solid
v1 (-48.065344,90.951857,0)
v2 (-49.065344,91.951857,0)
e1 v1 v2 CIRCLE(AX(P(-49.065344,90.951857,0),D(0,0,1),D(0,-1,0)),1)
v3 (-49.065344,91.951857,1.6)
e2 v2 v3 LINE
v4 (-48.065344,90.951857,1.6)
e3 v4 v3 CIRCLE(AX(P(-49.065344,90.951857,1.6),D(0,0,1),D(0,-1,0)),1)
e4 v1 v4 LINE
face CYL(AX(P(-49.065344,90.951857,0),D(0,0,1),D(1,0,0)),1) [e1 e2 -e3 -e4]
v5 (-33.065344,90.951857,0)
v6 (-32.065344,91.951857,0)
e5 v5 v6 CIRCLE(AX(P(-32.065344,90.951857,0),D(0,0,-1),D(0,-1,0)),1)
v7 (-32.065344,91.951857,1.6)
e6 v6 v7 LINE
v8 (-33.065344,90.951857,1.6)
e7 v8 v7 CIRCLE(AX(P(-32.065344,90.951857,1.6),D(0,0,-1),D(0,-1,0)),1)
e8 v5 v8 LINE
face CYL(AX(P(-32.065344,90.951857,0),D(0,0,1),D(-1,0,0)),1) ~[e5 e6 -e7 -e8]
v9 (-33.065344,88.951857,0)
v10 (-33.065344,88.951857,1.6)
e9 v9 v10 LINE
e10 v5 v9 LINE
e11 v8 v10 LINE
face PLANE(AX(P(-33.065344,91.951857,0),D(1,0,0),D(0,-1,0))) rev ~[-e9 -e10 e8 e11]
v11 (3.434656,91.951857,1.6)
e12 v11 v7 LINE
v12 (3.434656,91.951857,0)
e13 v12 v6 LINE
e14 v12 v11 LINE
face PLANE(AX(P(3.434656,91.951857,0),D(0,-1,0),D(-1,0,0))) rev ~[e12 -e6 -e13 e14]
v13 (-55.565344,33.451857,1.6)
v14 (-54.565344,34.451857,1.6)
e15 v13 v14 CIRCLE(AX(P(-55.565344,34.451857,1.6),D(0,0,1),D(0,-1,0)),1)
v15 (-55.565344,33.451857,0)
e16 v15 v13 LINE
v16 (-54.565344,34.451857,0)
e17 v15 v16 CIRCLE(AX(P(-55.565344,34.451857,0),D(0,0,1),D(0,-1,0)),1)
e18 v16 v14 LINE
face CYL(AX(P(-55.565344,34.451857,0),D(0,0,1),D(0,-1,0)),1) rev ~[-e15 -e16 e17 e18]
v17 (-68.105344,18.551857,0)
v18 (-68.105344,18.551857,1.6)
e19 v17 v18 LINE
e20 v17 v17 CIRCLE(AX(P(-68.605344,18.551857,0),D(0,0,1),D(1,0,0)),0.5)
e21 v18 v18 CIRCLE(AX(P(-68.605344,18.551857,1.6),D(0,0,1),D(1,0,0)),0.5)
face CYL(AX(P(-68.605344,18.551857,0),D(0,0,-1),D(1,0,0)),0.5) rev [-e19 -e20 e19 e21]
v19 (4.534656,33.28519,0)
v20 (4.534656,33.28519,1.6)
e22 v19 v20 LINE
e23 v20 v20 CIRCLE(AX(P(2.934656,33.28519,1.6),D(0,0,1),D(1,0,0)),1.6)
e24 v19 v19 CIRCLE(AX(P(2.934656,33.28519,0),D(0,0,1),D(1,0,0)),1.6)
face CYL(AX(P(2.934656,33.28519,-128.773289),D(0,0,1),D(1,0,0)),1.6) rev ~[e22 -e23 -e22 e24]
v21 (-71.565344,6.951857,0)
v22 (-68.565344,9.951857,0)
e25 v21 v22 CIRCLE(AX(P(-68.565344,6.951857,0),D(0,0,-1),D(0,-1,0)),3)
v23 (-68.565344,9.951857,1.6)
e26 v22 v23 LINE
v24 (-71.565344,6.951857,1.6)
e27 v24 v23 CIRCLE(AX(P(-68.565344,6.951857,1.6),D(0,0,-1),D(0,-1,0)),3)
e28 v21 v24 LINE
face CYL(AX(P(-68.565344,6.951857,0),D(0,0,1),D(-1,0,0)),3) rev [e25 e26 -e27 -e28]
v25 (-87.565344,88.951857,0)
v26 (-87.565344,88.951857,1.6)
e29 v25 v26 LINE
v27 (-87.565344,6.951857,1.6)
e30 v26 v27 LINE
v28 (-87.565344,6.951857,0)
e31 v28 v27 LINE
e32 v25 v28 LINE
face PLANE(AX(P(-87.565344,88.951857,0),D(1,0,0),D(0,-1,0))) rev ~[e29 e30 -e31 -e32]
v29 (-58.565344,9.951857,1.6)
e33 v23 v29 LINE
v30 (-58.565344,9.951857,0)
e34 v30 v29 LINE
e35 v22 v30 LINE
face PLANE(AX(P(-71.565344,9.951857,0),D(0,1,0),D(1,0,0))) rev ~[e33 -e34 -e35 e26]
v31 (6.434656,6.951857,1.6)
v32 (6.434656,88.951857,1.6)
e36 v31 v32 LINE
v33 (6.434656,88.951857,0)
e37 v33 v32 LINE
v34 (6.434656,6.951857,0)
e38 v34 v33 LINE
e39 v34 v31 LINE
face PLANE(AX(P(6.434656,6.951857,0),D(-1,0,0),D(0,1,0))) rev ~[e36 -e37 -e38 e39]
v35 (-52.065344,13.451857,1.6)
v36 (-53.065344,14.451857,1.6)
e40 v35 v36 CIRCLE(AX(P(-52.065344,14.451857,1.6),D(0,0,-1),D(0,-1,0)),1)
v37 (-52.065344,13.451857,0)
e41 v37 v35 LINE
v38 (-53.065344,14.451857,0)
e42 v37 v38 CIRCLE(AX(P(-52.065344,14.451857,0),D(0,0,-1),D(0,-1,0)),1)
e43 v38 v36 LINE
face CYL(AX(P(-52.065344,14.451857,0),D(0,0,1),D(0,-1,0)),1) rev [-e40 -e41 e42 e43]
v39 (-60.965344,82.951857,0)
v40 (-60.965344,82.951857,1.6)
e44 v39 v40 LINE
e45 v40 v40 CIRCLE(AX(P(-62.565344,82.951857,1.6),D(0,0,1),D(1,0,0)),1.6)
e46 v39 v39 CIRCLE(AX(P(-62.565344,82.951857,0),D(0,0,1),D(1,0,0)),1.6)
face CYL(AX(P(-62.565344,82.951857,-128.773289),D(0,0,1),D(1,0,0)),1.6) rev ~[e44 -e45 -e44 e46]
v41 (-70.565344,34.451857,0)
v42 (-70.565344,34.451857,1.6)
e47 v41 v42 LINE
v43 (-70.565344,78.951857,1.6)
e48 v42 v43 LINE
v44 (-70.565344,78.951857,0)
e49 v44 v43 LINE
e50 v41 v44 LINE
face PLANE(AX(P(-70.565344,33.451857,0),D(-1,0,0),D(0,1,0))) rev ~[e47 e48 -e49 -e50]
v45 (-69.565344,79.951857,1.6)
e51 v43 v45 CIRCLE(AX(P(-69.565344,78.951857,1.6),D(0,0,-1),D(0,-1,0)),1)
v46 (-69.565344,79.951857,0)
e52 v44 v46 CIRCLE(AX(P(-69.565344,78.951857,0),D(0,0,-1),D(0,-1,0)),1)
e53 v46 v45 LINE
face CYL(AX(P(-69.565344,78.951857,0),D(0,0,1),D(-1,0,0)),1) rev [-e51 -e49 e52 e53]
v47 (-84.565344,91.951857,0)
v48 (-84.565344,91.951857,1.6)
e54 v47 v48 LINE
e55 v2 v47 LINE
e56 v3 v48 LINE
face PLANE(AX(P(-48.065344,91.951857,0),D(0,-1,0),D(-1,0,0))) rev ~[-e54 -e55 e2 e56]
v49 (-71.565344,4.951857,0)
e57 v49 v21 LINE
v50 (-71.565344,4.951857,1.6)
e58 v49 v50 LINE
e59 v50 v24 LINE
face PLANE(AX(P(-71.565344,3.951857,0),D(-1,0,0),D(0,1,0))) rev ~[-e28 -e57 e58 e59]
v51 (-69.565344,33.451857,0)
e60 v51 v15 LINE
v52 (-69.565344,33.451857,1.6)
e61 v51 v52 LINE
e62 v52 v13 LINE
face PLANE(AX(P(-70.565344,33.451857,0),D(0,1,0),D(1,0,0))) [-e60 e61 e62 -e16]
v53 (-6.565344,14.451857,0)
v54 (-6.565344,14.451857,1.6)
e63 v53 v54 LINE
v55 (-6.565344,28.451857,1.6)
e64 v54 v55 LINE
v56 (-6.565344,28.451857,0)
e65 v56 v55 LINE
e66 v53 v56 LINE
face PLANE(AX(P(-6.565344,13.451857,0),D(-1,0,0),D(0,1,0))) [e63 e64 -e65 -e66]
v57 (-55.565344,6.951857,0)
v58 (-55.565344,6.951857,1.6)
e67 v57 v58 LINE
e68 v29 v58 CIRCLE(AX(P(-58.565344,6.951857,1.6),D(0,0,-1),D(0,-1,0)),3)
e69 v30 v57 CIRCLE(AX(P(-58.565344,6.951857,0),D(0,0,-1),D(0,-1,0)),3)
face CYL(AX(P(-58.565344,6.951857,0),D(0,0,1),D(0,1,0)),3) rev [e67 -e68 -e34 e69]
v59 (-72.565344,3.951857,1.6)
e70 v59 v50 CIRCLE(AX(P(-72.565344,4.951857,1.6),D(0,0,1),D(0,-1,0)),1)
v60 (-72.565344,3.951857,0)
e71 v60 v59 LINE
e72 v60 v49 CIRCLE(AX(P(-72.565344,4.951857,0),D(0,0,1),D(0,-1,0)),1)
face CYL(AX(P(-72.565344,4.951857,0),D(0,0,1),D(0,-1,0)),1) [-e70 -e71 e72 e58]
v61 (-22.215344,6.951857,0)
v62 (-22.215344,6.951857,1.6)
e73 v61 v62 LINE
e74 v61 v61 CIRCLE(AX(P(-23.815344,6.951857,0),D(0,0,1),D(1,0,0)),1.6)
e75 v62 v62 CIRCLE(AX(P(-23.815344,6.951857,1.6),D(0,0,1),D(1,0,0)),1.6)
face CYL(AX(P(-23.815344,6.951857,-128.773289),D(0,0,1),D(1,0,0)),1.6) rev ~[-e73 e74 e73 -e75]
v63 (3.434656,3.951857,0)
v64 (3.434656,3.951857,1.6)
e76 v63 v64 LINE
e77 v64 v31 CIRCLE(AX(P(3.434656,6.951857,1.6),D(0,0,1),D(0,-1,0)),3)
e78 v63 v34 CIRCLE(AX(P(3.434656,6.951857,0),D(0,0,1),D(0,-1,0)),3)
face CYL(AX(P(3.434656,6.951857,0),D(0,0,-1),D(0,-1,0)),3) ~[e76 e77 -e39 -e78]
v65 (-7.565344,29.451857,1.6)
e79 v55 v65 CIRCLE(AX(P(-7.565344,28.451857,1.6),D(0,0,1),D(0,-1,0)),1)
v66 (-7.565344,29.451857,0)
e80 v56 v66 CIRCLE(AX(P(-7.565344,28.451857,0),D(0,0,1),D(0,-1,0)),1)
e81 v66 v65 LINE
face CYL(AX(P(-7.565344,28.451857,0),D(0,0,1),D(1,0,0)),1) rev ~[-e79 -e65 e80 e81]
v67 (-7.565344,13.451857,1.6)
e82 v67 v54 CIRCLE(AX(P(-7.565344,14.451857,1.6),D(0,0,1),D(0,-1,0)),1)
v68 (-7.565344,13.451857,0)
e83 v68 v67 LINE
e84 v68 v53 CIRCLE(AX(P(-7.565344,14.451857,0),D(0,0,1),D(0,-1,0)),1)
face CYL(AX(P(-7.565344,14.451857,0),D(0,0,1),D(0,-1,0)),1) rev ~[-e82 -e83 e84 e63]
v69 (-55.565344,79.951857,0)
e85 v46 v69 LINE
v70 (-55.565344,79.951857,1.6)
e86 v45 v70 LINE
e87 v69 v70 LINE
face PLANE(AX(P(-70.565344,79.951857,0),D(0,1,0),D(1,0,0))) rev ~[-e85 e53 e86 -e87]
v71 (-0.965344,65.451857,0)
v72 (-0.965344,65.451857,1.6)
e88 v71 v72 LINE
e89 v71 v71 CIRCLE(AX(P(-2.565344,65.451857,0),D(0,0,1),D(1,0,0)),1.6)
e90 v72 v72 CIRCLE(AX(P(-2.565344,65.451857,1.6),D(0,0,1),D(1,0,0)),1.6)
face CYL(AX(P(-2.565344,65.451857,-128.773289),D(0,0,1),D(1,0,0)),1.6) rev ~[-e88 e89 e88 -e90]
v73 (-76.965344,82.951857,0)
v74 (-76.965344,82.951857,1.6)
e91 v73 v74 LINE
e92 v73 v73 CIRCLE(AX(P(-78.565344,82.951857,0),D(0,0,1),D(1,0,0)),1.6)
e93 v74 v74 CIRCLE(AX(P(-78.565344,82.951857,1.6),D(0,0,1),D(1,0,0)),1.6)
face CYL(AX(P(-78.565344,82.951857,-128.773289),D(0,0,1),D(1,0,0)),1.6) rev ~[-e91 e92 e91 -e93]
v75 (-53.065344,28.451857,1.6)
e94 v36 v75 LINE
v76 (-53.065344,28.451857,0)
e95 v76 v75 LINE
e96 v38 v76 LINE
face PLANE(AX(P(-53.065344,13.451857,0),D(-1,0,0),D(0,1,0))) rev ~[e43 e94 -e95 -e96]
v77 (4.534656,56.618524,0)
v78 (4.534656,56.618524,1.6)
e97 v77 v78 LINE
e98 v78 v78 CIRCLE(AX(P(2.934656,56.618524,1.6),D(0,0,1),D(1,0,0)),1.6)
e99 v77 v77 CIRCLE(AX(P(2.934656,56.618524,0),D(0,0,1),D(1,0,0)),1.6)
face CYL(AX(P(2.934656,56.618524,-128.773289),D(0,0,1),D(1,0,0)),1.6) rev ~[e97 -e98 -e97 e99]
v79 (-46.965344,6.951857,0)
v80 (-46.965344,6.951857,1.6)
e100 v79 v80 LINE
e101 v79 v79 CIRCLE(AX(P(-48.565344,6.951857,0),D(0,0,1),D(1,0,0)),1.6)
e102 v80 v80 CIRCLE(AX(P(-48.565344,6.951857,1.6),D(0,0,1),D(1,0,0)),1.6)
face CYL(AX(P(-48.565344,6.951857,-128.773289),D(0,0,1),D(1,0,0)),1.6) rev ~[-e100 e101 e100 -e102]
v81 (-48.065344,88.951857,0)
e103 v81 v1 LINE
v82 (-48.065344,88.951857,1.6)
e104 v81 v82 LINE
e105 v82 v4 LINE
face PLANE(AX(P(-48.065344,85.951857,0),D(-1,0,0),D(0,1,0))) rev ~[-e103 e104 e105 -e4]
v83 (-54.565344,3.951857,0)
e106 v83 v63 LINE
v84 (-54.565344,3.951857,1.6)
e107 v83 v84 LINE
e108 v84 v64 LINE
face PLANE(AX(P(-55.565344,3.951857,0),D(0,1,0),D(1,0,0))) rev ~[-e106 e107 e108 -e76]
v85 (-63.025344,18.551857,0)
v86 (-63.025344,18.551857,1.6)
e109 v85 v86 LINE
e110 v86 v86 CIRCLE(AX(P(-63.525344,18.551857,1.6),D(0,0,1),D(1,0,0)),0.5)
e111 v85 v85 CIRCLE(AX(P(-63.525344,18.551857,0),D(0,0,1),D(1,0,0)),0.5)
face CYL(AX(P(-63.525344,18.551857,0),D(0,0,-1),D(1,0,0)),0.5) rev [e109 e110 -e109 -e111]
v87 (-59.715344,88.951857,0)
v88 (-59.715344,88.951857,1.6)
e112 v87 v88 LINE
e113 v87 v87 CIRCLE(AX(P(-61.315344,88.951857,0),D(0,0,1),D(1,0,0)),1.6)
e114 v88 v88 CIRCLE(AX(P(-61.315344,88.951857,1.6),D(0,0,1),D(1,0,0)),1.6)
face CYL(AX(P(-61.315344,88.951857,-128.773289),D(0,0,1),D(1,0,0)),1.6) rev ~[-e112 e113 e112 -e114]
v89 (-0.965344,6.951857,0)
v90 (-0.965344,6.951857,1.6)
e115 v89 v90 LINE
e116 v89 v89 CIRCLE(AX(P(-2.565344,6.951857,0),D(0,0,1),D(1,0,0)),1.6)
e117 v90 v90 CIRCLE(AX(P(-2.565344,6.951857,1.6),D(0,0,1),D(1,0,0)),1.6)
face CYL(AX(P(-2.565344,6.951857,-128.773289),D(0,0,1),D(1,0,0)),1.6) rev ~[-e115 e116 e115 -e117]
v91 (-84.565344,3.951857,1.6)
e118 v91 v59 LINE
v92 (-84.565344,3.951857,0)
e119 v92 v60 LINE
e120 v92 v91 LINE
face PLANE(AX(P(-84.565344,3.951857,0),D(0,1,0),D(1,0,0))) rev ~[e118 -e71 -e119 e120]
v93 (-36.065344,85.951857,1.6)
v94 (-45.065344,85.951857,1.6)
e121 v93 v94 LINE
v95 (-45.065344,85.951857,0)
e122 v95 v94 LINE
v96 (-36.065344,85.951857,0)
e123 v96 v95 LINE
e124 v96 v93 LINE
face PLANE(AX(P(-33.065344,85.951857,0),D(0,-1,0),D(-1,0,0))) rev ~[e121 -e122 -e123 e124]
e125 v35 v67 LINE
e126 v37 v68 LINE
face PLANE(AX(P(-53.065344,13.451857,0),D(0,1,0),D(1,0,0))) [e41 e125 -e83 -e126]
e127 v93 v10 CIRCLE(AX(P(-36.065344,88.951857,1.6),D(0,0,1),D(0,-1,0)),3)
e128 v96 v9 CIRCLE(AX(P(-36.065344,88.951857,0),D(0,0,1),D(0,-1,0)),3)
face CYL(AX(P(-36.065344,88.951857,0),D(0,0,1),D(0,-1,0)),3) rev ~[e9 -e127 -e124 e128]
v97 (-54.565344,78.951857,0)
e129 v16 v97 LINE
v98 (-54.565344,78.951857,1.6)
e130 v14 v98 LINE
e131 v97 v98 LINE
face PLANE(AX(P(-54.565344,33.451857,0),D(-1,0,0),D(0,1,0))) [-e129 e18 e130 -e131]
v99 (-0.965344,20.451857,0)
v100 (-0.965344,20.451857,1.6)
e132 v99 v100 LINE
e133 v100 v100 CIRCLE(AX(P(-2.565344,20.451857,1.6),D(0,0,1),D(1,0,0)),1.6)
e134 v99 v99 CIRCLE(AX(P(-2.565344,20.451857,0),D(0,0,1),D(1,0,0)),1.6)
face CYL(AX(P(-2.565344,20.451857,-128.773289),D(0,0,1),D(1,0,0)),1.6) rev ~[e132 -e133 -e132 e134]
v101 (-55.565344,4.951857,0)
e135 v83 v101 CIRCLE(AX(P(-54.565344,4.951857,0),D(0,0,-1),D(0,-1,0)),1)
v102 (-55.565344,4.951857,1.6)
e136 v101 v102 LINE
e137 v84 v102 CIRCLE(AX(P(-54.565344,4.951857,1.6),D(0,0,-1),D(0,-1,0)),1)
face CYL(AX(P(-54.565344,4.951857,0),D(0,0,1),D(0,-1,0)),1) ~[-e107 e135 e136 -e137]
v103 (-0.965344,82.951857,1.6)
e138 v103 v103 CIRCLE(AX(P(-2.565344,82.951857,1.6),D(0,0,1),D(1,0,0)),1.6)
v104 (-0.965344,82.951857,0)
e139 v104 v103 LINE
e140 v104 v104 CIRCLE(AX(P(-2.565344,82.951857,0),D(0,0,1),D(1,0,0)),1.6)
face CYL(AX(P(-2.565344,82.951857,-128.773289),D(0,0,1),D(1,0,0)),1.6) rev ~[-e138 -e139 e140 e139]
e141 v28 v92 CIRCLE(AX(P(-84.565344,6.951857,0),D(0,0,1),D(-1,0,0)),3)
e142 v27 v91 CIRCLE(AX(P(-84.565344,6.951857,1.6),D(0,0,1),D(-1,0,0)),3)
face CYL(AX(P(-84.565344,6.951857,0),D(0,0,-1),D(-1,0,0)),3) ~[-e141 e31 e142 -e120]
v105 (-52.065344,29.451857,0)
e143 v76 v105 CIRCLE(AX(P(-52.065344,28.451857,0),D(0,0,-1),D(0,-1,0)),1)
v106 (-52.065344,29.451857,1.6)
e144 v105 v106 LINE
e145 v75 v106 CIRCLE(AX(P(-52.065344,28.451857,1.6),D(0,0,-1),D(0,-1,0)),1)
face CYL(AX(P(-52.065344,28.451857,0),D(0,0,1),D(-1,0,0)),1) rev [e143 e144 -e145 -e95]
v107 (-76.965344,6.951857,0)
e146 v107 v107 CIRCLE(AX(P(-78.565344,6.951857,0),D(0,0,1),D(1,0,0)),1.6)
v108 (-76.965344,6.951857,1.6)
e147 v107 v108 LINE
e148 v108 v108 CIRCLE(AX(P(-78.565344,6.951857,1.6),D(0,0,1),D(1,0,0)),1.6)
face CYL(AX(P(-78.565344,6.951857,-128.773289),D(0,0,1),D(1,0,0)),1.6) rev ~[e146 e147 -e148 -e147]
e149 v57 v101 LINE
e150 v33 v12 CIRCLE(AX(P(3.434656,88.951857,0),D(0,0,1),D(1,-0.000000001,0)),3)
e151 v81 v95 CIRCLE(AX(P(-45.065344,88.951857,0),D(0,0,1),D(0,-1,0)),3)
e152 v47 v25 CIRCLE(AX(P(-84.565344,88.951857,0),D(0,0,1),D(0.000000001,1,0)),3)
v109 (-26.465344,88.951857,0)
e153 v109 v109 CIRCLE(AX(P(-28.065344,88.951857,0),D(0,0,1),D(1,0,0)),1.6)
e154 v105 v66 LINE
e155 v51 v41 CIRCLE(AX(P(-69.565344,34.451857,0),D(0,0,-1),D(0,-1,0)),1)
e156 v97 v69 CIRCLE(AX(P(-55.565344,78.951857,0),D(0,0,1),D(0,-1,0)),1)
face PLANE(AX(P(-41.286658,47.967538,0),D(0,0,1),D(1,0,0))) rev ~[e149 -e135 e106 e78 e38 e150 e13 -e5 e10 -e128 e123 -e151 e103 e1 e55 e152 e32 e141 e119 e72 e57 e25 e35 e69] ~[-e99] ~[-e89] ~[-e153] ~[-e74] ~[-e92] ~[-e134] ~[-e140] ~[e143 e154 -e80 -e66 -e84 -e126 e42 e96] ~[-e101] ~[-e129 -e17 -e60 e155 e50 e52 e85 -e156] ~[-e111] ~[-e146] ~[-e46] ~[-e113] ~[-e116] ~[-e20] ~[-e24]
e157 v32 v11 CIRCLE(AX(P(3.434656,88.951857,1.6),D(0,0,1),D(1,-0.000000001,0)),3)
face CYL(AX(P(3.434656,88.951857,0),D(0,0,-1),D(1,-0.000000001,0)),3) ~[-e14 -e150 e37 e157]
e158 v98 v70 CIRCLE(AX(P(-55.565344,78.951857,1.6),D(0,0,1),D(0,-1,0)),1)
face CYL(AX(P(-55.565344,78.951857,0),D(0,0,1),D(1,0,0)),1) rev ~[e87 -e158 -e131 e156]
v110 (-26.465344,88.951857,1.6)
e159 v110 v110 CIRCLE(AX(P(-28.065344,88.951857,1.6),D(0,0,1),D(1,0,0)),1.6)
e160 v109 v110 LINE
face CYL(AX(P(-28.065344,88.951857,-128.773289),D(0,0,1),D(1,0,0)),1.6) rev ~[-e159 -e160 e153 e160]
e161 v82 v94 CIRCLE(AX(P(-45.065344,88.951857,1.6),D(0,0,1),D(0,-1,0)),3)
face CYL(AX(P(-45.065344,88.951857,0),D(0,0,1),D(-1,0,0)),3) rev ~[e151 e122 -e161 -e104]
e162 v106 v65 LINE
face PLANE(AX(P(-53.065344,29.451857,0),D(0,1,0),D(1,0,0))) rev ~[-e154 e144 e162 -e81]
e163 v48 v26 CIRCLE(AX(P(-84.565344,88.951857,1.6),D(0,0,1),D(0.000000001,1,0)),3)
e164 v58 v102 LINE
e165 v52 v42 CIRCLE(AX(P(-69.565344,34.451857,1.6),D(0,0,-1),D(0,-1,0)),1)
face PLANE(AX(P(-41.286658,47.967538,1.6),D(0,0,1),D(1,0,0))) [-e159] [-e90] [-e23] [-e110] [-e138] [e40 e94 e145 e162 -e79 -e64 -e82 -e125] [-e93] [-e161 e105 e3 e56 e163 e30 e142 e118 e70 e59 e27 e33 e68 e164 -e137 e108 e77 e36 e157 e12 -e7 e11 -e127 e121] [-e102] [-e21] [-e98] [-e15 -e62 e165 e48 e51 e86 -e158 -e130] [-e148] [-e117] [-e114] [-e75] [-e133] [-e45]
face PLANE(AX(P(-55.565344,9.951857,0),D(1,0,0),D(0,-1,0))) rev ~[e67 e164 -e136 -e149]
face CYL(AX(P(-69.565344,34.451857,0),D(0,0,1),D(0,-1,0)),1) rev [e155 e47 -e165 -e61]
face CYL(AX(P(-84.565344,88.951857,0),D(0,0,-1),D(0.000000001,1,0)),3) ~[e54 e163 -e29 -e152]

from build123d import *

# Parameters (mm, degrees)
SKETCH1_R                  = 0.5
SKETCH1_W                  = 46.5
SKETCH1_H                  = 16
SKETCH1_W_2                = 16
SKETCH1_H_2                = 46.5
BOSS_EXTRUDE1_DEPTH        = 1.6
F_3_2_3_2_DIAMETER_HOLE3_D = 3.2
FILLET1_R                  = 3
FILLET2_R                  = 1


with BuildPart() as part:
    # Sketch1 → Boss-Extrude1 (new body)
    with BuildSketch(Plane.XY):
        with BuildLine():
            Line((-87.56534388, 88.95185693), (-87.56534388, 6.95185693))
            ThreePointArc((-87.56534388, 6.95185693), (-86.686664224, 4.830536587), (-84.56534388, 3.95185693))
            Line((-84.56534388, 3.95185693), (-71.56534388, 3.95185693))
            Line((-71.56534388, 3.95185693), (-71.56534388, 9.95185693))
            Line((-71.56534388, 9.95185693), (-55.56534388, 9.95185693))
            Line((-55.56534388, 9.95185693), (-55.56534388, 3.95185693))
            Line((-55.56534388, 3.95185693), (3.43465612, 3.95185693))
            ThreePointArc((3.43465612, 3.95185693), (5.555976464, 4.830536587), (6.43465612, 6.95185693))
            Line((6.43465612, 6.95185693), (6.43465612, 88.95185693))
            ThreePointArc((6.43465612, 88.95185693), (5.555976464, 91.073177274), (3.43465612, 91.95185693))
            Line((3.43465612, 91.95185693), (-33.06534388, 91.95185693))
            Line((-33.06534388, 91.95185693), (-33.06534388, 85.95185693))
            Line((-33.06534388, 85.95185693), (-48.06534388, 85.95185693))
            Line((-48.06534388, 85.95185693), (-48.06534388, 91.95185693))
            Line((-48.06534388, 91.95185693), (-84.56534388, 91.95185693))
            ThreePointArc((-84.56534388, 91.95185693), (-86.686664224, 91.073177274), (-87.56534388, 88.95185693))
        make_face()
        with Locations((-63.52534388, 18.55185693)):
            Circle(SKETCH1_R, mode=Mode.SUBTRACT)
        with Locations((-68.60534388, 18.55185693)):
            Circle(SKETCH1_R, mode=Mode.SUBTRACT)
        with Locations((-29.81534388, 21.45185693)):
            Rectangle(SKETCH1_W, SKETCH1_H, mode=Mode.SUBTRACT)
        with Locations((-62.56534388, 56.70185693)):
            Rectangle(SKETCH1_W_2, SKETCH1_H_2, mode=Mode.SUBTRACT)
    extrude(amount=BOSS_EXTRUDE1_DEPTH)

    # Ø3.2 (3.2) Diameter Hole3 (through all)
    with Locations(Plane(origin=(0, 0, 0), x_dir=(-1, 0, 0), z_dir=(0, 0, -1))):
        with Locations((78.56534388, 6.95185693), (78.56534388, 82.95185693), (2.56534388, 82.95185693), (2.56534388, 6.95185693), (2.56534388, 65.45185693), (2.56534388, 20.45185693), (62.56534388, 82.95185693), (48.56534388, 6.95185693), (28.06534388, 88.95185693), (61.31534388, 88.95185693), (-2.93465612, 56.618523597), (-2.93465612, 33.285190263), (23.81534388, 6.95185693)):
            Hole(F_3_2_3_2_DIAMETER_HOLE3_D / 2)

    # Fillet1
    fillet1_edges = [part.edges().sort_by_distance(p)[0] for p in [
        (-48.06534388, 85.95185693, 0.8),
        (-33.06534388, 85.95185693, 0.8),
        (-55.56534388, 9.95185693, 0.8),
        (-71.56534388, 9.95185693, 0.8),
    ]]
    fillet(fillet1_edges, radius=FILLET1_R)

    # Fillet2
    fillet2_edges = [part.edges().sort_by_distance(p)[0] for p in [
        (-48.06534388, 91.95185693, 0.8),
        (-33.06534388, 91.95185693, 0.8),
        (-55.56534388, 3.95185693, 0.8),
        (-71.56534388, 3.95185693, 0.8),
        (-6.56534388, 13.45185693, 0.8),
        (-6.56534388, 29.45185693, 0.8),
        (-53.06534388, 29.45185693, 0.8),
        (-53.06534388, 13.45185693, 0.8),
        (-54.56534388, 33.45185693, 0.8),
        (-54.56534388, 79.95185693, 0.8),
        (-70.56534388, 79.95185693, 0.8),
        (-70.56534388, 33.45185693, 0.8),
    ]]
    fillet(fillet2_edges, radius=FILLET2_R)


solid = part.part
